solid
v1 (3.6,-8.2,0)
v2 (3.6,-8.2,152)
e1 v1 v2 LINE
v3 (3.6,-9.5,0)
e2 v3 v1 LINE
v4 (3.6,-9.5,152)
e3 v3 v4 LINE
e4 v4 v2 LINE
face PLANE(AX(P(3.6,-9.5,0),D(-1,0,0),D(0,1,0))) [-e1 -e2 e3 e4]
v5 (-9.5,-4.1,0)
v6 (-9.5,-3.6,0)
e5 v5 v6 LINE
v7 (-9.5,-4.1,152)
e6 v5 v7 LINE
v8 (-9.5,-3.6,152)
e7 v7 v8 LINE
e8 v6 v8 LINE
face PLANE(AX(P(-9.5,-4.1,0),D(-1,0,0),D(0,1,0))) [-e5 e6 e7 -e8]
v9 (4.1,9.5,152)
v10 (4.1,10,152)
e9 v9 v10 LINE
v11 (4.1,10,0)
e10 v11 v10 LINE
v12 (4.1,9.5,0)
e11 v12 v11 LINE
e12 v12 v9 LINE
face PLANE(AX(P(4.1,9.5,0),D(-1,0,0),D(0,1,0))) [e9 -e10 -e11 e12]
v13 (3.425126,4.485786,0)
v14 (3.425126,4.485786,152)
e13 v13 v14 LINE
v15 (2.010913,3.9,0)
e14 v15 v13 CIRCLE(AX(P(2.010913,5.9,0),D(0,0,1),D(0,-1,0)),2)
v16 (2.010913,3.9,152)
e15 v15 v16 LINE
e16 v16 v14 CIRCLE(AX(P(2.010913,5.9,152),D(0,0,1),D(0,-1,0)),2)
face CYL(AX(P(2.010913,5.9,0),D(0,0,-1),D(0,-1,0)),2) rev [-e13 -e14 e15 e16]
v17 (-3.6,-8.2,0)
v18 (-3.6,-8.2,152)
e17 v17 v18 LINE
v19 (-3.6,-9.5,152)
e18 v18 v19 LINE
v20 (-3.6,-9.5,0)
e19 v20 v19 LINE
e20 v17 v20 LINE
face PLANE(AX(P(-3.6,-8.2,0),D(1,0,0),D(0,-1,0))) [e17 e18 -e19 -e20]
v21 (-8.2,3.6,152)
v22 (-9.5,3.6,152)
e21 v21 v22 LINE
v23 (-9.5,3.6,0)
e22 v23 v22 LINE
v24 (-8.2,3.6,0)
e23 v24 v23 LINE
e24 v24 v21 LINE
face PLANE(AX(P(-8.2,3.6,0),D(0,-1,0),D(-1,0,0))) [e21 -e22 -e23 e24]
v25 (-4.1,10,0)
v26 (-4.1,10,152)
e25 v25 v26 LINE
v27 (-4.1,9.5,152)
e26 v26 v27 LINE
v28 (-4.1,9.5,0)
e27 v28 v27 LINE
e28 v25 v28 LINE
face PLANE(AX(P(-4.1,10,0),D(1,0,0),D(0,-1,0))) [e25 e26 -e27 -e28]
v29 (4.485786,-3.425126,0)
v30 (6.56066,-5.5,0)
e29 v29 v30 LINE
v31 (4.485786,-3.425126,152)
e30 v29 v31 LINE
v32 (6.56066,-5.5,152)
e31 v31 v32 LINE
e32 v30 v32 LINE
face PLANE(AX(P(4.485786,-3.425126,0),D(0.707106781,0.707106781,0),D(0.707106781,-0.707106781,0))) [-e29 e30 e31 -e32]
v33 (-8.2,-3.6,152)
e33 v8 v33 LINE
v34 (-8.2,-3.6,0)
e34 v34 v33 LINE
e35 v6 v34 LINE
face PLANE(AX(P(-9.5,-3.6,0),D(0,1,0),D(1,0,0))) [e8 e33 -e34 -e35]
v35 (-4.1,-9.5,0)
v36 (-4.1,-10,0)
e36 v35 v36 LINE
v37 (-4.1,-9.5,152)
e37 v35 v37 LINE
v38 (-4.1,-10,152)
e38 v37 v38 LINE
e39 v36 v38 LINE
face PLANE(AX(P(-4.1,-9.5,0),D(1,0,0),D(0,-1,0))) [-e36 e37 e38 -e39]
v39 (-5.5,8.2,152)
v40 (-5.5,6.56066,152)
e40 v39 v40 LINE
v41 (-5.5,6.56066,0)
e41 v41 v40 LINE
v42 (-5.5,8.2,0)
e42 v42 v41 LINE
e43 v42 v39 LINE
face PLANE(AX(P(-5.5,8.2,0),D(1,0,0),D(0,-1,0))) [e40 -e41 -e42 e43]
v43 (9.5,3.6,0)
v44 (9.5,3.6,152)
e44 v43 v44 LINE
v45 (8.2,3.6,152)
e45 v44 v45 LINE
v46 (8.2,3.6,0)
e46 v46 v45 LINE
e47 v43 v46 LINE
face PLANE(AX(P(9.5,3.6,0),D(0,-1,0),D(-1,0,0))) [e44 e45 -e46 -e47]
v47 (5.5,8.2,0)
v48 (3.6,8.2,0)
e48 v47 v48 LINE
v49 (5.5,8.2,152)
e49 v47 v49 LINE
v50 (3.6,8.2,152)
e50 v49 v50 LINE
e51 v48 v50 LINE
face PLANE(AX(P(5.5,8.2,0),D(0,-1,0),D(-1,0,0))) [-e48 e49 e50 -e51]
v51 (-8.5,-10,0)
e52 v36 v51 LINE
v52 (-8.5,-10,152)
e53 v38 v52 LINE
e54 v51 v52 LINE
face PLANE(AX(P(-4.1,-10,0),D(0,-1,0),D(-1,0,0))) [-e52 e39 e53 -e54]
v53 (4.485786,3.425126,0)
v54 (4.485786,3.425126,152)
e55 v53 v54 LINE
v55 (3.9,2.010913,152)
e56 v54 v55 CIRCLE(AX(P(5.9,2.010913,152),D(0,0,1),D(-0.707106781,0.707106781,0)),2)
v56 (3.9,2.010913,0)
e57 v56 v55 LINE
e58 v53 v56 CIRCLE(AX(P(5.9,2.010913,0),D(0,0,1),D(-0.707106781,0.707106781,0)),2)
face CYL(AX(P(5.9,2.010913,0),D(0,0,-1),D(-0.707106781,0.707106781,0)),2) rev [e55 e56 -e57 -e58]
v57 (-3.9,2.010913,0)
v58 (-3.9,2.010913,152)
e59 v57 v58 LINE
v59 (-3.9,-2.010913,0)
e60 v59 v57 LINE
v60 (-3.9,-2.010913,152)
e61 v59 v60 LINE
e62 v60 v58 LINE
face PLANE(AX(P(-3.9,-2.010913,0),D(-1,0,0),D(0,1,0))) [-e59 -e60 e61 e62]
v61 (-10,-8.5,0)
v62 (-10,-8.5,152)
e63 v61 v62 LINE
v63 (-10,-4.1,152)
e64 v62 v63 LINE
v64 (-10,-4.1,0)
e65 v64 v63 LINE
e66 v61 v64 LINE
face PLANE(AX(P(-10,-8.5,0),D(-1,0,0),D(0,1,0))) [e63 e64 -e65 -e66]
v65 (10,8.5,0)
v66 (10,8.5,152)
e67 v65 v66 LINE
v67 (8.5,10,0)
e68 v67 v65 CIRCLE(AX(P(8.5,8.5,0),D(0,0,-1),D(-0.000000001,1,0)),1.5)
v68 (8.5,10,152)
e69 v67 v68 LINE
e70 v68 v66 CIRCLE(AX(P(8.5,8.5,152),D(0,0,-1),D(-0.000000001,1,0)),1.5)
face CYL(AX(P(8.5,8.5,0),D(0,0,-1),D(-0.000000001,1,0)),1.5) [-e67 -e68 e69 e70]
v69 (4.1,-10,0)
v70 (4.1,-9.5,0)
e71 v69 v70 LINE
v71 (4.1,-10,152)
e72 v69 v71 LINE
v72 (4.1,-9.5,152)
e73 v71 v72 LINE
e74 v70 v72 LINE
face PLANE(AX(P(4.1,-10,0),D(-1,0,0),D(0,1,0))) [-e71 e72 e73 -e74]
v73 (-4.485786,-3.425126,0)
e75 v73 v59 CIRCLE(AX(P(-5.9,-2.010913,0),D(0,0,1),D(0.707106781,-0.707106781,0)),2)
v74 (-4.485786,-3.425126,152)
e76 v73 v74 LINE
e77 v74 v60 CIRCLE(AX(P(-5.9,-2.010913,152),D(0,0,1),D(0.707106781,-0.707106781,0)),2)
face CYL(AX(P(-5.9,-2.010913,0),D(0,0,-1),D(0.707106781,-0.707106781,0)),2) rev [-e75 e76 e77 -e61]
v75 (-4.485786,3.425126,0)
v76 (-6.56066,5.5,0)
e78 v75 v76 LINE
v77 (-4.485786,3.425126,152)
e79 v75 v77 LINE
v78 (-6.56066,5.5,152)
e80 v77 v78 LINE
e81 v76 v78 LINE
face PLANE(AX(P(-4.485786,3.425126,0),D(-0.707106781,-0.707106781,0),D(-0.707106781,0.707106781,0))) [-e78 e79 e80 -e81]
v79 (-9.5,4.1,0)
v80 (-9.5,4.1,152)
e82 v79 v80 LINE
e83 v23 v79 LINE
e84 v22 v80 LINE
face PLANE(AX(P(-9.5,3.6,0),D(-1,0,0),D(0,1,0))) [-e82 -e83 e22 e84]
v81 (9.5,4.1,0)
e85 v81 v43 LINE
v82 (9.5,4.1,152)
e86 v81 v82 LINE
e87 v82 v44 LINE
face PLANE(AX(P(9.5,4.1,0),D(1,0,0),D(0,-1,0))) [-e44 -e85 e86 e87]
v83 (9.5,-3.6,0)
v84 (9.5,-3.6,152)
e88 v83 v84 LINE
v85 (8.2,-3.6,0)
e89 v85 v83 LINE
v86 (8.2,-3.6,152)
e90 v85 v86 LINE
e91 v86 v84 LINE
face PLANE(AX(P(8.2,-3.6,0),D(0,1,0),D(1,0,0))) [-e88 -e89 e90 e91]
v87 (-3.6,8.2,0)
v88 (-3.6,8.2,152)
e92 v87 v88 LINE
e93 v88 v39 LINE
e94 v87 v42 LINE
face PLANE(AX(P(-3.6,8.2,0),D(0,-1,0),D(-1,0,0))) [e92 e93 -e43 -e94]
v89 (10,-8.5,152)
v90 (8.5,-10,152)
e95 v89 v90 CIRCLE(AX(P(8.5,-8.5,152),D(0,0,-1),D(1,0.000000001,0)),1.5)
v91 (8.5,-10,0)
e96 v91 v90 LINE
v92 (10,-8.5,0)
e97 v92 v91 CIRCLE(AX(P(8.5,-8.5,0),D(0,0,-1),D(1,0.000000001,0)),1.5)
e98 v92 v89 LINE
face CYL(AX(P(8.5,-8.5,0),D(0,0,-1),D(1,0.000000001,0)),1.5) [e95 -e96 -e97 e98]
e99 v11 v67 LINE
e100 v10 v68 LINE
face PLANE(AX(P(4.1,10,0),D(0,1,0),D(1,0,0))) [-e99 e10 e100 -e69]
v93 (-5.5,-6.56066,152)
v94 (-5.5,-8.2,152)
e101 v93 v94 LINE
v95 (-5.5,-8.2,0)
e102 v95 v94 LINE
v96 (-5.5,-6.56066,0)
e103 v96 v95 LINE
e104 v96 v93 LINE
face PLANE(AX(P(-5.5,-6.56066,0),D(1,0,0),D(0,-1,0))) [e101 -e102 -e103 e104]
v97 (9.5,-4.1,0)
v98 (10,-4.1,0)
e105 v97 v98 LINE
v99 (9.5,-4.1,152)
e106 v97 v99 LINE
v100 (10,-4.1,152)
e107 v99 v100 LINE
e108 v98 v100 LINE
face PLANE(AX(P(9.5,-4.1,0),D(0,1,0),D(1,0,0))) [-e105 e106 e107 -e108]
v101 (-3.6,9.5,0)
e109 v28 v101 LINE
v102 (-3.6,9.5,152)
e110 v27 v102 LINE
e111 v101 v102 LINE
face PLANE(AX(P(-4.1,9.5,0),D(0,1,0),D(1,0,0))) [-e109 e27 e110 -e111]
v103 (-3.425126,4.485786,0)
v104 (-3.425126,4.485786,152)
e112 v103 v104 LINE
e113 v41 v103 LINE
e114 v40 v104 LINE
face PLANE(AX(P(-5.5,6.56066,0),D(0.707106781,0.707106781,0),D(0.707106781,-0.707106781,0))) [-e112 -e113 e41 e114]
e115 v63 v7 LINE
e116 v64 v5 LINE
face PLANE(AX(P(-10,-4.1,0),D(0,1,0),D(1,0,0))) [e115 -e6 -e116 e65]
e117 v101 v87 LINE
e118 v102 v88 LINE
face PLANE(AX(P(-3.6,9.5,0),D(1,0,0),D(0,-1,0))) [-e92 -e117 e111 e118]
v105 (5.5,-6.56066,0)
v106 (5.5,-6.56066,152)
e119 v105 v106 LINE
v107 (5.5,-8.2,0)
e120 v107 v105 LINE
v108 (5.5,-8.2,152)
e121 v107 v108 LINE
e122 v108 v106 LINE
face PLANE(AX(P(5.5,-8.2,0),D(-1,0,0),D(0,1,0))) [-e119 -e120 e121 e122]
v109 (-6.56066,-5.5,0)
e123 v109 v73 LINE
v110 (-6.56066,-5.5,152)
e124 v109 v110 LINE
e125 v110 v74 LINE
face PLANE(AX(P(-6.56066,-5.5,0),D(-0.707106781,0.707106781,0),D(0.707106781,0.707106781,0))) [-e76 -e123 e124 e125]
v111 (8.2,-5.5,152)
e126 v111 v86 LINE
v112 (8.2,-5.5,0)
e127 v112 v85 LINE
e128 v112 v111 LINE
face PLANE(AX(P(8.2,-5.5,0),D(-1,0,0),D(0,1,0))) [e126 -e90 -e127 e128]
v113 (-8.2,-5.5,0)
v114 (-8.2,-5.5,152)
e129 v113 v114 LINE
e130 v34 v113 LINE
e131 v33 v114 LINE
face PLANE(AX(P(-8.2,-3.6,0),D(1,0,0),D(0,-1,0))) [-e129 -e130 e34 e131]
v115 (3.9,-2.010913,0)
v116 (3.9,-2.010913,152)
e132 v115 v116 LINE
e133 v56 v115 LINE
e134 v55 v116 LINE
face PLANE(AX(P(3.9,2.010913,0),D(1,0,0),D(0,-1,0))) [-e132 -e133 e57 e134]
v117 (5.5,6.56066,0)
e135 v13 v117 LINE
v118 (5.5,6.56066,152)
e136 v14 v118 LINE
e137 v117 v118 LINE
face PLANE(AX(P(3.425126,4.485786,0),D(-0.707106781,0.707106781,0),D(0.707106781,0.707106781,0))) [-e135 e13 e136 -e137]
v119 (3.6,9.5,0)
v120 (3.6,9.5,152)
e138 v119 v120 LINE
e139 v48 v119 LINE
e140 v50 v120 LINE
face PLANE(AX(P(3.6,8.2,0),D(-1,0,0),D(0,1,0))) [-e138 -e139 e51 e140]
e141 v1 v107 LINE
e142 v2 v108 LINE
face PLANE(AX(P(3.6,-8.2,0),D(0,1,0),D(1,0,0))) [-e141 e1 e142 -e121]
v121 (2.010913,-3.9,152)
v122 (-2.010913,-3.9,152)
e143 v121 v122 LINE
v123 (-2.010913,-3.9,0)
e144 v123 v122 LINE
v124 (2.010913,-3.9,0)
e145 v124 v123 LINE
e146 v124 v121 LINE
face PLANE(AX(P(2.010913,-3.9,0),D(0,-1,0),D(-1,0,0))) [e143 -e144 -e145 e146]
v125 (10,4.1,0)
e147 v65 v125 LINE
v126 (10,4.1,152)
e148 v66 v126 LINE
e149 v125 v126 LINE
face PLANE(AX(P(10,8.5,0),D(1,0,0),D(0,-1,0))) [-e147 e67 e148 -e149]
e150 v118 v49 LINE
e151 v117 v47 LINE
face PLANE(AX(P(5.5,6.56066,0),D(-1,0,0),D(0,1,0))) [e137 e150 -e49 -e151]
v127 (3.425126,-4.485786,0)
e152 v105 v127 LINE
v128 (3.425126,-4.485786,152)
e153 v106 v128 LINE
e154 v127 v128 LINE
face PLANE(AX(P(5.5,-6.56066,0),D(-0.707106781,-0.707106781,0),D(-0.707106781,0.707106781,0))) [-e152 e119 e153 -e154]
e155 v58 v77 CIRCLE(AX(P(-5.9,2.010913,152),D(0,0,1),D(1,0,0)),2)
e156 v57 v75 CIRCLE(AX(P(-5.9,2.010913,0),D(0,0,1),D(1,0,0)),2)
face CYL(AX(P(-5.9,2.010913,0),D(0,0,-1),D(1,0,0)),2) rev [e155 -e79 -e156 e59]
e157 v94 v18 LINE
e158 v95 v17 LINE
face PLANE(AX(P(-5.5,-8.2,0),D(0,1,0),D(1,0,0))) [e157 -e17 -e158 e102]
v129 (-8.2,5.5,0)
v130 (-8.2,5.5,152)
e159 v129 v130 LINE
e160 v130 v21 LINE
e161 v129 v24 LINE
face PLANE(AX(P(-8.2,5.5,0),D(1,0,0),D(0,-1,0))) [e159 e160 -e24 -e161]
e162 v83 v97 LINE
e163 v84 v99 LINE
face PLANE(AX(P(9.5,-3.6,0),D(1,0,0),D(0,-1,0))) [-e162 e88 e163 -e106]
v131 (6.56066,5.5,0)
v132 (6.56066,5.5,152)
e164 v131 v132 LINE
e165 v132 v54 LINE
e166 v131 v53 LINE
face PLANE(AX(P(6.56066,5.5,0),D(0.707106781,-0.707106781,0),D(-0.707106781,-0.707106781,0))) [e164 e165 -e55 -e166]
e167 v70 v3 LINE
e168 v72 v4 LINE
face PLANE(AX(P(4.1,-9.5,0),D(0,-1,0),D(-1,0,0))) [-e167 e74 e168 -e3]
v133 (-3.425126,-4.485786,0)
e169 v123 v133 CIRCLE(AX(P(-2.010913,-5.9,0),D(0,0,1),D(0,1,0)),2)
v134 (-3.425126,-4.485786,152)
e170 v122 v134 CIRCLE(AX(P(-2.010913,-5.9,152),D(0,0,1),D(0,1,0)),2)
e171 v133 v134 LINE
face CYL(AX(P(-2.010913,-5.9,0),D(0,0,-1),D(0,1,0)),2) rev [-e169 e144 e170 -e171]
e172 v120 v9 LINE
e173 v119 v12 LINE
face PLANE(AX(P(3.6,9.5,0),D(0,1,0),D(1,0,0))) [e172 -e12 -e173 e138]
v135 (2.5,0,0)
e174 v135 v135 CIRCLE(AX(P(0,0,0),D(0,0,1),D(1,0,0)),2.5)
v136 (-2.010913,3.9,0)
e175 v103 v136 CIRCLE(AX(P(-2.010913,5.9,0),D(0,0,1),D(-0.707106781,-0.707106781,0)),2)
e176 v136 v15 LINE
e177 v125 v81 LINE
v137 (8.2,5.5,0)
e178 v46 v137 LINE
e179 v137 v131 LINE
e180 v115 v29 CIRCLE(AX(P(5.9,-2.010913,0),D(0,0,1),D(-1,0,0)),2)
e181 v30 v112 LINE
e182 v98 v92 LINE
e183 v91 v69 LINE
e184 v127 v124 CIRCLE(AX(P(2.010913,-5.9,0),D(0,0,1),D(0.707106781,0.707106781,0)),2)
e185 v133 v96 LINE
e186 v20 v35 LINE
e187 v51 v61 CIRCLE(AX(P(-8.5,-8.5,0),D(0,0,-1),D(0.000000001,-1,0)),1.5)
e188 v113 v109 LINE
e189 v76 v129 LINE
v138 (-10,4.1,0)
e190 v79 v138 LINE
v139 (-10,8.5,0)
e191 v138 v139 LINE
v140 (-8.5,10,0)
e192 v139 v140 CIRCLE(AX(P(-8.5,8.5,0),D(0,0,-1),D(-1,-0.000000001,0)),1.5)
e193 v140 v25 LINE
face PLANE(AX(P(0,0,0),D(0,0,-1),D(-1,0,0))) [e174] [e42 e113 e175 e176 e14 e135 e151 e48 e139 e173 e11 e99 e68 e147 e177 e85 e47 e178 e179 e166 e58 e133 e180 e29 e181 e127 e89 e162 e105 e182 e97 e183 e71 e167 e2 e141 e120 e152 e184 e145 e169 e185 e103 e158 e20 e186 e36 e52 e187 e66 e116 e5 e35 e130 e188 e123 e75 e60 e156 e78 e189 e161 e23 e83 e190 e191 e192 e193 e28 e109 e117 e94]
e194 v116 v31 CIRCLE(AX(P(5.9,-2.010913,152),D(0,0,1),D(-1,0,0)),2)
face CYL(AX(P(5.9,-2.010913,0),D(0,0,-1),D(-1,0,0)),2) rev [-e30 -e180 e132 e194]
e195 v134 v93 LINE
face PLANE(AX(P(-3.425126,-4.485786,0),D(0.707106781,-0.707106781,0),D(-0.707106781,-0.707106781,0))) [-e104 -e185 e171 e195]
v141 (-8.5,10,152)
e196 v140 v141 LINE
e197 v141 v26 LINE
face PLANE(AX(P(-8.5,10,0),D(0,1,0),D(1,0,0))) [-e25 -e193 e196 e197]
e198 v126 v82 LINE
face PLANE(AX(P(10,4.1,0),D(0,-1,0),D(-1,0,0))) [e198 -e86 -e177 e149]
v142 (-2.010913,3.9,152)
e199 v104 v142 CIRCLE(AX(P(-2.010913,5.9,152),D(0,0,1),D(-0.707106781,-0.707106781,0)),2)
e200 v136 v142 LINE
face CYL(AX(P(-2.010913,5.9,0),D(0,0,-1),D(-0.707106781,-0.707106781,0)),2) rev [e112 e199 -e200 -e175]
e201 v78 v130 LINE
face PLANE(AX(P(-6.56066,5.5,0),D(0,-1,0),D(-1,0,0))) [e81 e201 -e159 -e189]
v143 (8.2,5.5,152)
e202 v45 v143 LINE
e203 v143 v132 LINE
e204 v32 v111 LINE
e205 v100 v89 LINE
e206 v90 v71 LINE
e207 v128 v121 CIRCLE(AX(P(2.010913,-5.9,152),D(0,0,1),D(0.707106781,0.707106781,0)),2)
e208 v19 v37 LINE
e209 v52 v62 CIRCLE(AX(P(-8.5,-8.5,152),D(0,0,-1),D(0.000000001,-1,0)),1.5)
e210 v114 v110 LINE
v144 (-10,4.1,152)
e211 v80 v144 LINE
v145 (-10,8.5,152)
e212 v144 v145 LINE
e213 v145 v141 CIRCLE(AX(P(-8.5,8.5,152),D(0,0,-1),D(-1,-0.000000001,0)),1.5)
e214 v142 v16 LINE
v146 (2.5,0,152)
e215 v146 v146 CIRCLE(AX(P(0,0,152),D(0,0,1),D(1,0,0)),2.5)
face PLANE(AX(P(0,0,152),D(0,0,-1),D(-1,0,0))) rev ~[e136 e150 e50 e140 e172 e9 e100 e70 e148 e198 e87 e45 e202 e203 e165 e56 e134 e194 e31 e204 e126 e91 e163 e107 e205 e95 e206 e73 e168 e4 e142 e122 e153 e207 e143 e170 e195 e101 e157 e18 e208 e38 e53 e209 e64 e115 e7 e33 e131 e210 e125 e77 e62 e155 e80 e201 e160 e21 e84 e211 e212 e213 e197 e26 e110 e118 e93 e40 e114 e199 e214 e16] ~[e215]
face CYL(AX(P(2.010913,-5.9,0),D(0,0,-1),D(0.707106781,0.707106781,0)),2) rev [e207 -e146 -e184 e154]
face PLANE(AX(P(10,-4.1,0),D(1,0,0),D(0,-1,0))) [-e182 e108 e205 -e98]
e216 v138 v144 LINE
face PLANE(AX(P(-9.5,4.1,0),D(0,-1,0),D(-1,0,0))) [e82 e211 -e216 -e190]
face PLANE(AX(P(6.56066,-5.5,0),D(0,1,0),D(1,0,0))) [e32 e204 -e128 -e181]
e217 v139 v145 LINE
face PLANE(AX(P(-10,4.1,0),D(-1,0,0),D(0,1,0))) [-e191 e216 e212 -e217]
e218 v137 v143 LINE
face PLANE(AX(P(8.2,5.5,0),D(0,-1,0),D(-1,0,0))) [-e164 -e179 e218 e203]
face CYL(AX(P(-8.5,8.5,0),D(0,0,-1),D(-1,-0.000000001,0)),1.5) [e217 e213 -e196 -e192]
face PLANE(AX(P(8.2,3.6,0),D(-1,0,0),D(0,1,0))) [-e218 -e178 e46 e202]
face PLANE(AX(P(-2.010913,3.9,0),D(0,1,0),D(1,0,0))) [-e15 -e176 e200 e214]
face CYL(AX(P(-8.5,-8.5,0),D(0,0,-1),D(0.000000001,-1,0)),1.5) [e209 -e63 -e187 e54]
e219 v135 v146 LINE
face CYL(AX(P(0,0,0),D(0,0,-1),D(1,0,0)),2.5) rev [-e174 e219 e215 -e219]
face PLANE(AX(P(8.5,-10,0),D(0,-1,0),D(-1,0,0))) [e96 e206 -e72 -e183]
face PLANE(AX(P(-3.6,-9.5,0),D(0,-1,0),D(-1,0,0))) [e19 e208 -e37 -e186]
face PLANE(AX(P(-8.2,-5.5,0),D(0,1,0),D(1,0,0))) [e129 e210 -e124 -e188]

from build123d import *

# Parameters (mm, degrees)
SKETCH1_R           = 2.5
BOSS_EXTRUDE2_DEPTH = 152


with BuildPart() as part:
    # Sketch1 → Boss-Extrude2 (new body)
    with BuildSketch(Plane.XY):
        with BuildLine():
            Line((10, -4.1), (10, -8.5))
            ThreePointArc((10, -8.5), (9.560660172, -9.560660172), (8.5, -10))
            Line((8.5, -10), (4.1, -10))
            Line((4.1, -10), (4.1, -9.5))
            Line((4.1, -9.5), (3.6, -9.5))
            Line((3.6, -9.5), (3.6, -8.2))
            Line((3.6, -8.2), (5.5, -8.2))
            Line((5.5, -8.2), (5.5, -6.560660172))
            Line((5.5, -6.560660172), (3.425126266, -4.485786438))
            ThreePointArc((3.425126266, -4.485786438), (2.776279568, -4.052240935), (2.010912703, -3.9))
            Line((2.010912703, -3.9), (-2.010912703, -3.9))
            ThreePointArc((-2.010912703, -3.9), (-2.776279568, -4.052240935), (-3.425126266, -4.485786438))
            Line((-3.425126266, -4.485786438), (-5.5, -6.560660172))
            Line((-5.5, -6.560660172), (-5.5, -8.2))
            Line((-5.5, -8.2), (-3.6, -8.2))
            Line((-3.6, -8.2), (-3.6, -9.5))
            Line((-3.6, -9.5), (-4.1, -9.5))
            Line((-4.1, -9.5), (-4.1, -10))
            Line((-4.1, -10), (-8.5, -10))
            ThreePointArc((-8.5, -10), (-9.560660172, -9.560660172), (-10, -8.5))
            Line((-10, -8.5), (-10, -4.1))
            Line((-10, -4.1), (-9.5, -4.1))
            Line((-9.5, -4.1), (-9.5, -3.6))
            Line((-9.5, -3.6), (-8.2, -3.6))
            Line((-8.2, -3.6), (-8.2, -5.5))
            Line((-8.2, -5.5), (-6.560660172, -5.5))
            Line((-6.560660172, -5.5), (-4.485786438, -3.425126266))
            ThreePointArc((-4.485786438, -3.425126266), (-4.052240935, -2.776279568), (-3.9, -2.010912703))
            Line((-3.9, -2.010912703), (-3.9, 2.010912703))
            ThreePointArc((-3.9, 2.010912703), (-4.052240935, 2.776279568), (-4.485786438, 3.425126266))
            Line((-4.485786438, 3.425126266), (-6.560660172, 5.5))
            Line((-6.560660172, 5.5), (-8.2, 5.5))
            Line((-8.2, 5.5), (-8.2, 3.6))
            Line((-8.2, 3.6), (-9.5, 3.6))
            Line((-9.5, 3.6), (-9.5, 4.1))
            Line((-9.5, 4.1), (-10, 4.1))
            Line((-10, 4.1), (-10, 8.5))
            ThreePointArc((-10, 8.5), (-9.560660172, 9.560660172), (-8.5, 10))
            Line((-8.5, 10), (-4.1, 10))
            Line((-4.1, 10), (-4.1, 9.5))
            Line((-4.1, 9.5), (-3.6, 9.5))
            Line((-3.6, 9.5), (-3.6, 8.2))
            Line((-3.6, 8.2), (-5.5, 8.2))
            Line((-5.5, 8.2), (-5.5, 6.560660172))
            Line((-5.5, 6.560660172), (-3.425126266, 4.485786438))
            ThreePointArc((-3.425126266, 4.485786438), (-2.776279568, 4.052240935), (-2.010912703, 3.9))
            Line((-2.010912703, 3.9), (2.010912703, 3.9))
            ThreePointArc((2.010912703, 3.9), (2.776279568, 4.052240935), (3.425126266, 4.485786438))
            Line((3.425126266, 4.485786438), (5.5, 6.560660172))
            Line((5.5, 6.560660172), (5.5, 8.2))
            Line((5.5, 8.2), (3.6, 8.2))
            Line((3.6, 8.2), (3.6, 9.5))
            Line((3.6, 9.5), (4.1, 9.5))
            Line((4.1, 9.5), (4.1, 10))
            Line((4.1, 10), (8.5, 10))
            ThreePointArc((8.5, 10), (9.560660172, 9.560660172), (10, 8.5))
            Line((10, 8.5), (10, 4.1))
            Line((10, 4.1), (9.5, 4.1))
            Line((9.5, 4.1), (9.5, 3.6))
            Line((9.5, 3.6), (8.2, 3.6))
            Line((8.2, 3.6), (8.2, 5.5))
            Line((8.2, 5.5), (6.560660172, 5.5))
            Line((6.560660172, 5.5), (4.485786438, 3.425126266))
            ThreePointArc((4.485786438, 3.425126266), (4.052240935, 2.776279568), (3.9, 2.010912703))
            Line((3.9, 2.010912703), (3.9, -2.010912703))
            ThreePointArc((3.9, -2.010912703), (4.052240935, -2.776279568), (4.485786438, -3.425126266))
            Line((4.485786438, -3.425126266), (6.560660172, -5.5))
            Line((6.560660172, -5.5), (8.2, -5.5))
            Line((8.2, -5.5), (8.2, -3.6))
            Line((8.2, -3.6), (9.5, -3.6))
            Line((9.5, -3.6), (9.5, -4.1))
            Line((9.5, -4.1), (10, -4.1))
        make_face()
        Circle(SKETCH1_R, mode=Mode.SUBTRACT)
    extrude(amount=BOSS_EXTRUDE2_DEPTH)


solid = part.part
